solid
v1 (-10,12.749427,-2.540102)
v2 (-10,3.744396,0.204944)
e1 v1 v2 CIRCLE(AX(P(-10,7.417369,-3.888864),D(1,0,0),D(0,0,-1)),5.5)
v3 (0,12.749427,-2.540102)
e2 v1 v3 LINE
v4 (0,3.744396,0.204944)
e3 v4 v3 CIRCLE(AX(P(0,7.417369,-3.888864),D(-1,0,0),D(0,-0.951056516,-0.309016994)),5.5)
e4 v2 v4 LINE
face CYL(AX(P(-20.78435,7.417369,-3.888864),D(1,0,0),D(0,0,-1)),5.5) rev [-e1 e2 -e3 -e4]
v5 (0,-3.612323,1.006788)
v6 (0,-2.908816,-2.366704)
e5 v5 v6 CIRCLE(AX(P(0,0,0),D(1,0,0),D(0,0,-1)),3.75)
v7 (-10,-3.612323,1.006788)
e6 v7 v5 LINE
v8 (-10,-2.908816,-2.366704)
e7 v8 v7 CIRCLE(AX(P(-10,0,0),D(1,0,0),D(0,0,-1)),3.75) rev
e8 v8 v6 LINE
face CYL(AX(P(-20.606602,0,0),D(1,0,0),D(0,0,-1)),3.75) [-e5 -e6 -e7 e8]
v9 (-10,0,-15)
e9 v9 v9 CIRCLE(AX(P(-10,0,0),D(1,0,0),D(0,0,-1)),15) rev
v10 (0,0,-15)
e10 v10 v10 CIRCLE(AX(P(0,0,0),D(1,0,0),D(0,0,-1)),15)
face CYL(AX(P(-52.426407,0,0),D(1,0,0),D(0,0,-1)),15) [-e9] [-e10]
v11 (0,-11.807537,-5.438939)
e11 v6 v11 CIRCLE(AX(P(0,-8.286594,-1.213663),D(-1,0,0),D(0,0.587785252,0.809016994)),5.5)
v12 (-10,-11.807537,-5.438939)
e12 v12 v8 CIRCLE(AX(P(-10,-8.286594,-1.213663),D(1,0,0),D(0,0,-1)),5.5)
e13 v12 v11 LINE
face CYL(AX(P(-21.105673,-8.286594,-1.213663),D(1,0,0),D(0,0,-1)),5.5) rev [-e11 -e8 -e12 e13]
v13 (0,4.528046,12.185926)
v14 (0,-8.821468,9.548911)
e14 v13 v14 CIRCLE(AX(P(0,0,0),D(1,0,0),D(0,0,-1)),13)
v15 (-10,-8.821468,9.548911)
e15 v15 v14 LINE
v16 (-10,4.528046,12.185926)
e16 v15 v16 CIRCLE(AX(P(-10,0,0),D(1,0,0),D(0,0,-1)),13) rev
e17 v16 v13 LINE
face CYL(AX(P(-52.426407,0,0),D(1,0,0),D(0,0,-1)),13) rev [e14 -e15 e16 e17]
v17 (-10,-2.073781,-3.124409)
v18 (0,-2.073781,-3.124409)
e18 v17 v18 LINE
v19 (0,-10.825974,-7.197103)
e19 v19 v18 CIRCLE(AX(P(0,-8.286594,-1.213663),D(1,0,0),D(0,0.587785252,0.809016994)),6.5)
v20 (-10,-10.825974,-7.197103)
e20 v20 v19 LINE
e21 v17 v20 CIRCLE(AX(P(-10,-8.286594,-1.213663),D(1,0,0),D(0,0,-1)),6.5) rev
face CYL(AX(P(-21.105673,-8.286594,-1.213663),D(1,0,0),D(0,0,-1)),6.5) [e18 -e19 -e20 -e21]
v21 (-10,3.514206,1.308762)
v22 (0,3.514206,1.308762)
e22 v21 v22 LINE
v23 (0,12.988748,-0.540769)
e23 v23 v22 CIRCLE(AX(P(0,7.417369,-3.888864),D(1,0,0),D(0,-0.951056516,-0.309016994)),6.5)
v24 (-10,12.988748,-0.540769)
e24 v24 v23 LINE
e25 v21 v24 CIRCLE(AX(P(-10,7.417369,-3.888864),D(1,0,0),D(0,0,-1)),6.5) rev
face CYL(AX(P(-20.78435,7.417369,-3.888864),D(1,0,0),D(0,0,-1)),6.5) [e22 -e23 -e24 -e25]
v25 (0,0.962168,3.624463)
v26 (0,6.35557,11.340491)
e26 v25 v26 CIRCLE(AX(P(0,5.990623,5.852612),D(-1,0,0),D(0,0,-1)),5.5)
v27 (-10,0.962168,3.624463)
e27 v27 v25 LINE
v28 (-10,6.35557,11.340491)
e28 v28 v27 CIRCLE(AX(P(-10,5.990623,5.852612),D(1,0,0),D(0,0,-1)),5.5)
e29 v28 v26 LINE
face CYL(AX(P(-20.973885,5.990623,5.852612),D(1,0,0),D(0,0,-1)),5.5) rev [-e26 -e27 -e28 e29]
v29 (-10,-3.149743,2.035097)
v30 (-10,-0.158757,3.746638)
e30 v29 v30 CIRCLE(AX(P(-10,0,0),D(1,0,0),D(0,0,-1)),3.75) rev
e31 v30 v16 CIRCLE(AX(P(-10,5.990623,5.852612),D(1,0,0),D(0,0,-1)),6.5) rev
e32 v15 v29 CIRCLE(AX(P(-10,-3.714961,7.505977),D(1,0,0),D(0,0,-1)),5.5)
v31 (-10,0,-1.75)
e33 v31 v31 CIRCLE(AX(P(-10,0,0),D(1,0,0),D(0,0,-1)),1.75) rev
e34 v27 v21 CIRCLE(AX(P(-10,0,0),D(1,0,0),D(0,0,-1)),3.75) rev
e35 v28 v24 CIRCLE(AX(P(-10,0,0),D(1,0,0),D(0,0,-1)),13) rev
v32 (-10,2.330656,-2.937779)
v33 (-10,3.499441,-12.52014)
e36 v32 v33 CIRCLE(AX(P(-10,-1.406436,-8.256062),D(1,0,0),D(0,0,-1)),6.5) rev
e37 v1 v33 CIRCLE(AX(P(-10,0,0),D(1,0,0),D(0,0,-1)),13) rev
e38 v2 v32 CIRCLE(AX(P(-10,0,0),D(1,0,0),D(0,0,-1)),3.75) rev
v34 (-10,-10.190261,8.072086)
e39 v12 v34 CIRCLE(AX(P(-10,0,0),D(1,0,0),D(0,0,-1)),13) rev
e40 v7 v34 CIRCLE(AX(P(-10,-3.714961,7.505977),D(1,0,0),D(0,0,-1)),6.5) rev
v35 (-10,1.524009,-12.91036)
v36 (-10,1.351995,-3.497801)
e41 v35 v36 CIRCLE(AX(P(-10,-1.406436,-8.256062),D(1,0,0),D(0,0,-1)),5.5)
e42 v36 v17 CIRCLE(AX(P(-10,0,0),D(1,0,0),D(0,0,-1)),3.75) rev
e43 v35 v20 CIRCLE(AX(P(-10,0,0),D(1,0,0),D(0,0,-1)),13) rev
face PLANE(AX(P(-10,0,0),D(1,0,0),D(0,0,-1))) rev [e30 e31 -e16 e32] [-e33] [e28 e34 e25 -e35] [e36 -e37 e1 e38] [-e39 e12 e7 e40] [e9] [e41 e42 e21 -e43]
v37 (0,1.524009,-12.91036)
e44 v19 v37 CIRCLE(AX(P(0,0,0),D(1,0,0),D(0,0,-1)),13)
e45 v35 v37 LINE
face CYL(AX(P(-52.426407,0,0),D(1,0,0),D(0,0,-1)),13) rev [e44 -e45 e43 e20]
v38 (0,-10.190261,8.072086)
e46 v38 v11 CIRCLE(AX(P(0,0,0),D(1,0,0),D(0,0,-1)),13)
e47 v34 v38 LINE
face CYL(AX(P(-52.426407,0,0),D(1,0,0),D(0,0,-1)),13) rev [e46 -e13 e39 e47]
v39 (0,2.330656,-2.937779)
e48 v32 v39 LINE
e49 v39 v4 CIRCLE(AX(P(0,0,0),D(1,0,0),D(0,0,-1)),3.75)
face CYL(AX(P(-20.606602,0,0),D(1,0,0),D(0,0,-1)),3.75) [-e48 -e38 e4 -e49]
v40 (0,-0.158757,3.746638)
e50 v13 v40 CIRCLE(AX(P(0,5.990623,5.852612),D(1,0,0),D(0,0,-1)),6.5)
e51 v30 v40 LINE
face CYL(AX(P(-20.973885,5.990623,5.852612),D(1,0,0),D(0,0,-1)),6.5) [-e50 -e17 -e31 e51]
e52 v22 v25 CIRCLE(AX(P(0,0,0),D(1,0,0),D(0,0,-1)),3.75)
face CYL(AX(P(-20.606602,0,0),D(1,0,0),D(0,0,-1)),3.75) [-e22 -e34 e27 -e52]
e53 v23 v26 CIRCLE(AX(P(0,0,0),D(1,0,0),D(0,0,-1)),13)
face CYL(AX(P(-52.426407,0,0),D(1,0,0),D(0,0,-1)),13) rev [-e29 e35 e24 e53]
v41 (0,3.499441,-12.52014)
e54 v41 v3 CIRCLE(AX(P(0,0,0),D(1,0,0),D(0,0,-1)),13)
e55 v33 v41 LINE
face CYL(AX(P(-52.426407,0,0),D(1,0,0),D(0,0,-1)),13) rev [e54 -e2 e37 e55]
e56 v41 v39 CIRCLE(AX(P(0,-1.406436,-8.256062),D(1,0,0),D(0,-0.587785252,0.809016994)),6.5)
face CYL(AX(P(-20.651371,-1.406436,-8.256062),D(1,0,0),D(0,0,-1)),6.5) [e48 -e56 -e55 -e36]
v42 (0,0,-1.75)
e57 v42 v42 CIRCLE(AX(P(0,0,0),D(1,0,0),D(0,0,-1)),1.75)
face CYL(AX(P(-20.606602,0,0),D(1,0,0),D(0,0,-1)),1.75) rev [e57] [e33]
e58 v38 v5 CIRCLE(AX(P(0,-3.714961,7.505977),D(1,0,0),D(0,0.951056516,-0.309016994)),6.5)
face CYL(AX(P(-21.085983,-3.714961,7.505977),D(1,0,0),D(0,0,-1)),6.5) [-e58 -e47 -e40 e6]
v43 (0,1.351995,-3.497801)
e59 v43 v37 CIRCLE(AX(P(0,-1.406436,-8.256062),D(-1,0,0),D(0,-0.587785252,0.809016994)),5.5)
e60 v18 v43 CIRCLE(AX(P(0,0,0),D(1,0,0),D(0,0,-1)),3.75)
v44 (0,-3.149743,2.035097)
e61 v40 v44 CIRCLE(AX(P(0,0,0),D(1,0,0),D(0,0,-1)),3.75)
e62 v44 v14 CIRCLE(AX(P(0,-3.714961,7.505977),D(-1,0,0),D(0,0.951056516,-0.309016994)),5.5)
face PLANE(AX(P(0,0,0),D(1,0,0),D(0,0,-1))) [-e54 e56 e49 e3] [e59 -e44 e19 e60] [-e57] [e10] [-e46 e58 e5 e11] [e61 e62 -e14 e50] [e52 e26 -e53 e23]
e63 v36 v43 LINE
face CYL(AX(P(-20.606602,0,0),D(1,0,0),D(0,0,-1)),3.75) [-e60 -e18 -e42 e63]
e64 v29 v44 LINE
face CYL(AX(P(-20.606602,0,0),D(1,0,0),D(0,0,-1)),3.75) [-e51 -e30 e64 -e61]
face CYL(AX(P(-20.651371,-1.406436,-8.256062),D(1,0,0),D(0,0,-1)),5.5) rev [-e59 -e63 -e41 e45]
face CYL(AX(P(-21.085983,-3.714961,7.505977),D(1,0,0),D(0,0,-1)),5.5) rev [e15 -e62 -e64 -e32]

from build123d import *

# Parameters (mm, degrees)
SKETCH1_R           = 3.75
SKETCH1_R_2         = 1.75
BOSS_EXTRUDE1_DEPTH = 10
SKETCH2_R           = 15
SKETCH2_R_2         = 13
BOSS_EXTRUDE2_DEPTH = 10
BOSS_EXTRUDE3_DEPTH = 10
CIRPATTERN1_COUNT   = 5


with BuildPart() as part:
    # Sketch1 → Boss-Extrude1 (new body)
    with BuildSketch(Plane(origin=(0, 0, 0), x_dir=(0, 0, -1), z_dir=(1, 0, 0))):
        Circle(SKETCH1_R)
        Circle(SKETCH1_R_2, mode=Mode.SUBTRACT)
    extrude(amount=-BOSS_EXTRUDE1_DEPTH)



with BuildPart() as body_2:
    # Sketch2 → Boss-Extrude2 (new body)
    with BuildSketch(Plane(origin=(0, 0, 0), x_dir=(0, 0, -1), z_dir=(1, 0, 0))):
        Circle(SKETCH2_R)
        Circle(SKETCH2_R_2, mode=Mode.SUBTRACT)
    extrude(amount=-BOSS_EXTRUDE2_DEPTH)


with BuildPart() as part_1:
    add(part.part)

    add(body_2.part)  # Boss-Extrude3 merges body 2
    # Sketch3 → Boss-Extrude3 (add)
    with BuildSketch(Plane(origin=(0, 0, 0), x_dir=(0, 0, -1), z_dir=(1, 0, 0))):
        with BuildLine():
            ThreePointArc((-12.185926249, 4.528046097), (-9.008421397, 0.308117229), (-3.746637972, -0.158757395))
            ThreePointArc((-3.746637972, -0.158757395), (-3.727921816, 0.406323685), (-3.624463026, 0.962168268))
            ThreePointArc((-3.624463026, 0.962168268), (-9.003588829, 1.482702332), (-11.340490704, 6.355570045))
            ThreePointArc((-11.340490704, 6.355570045), (-11.798645456, 5.458201663), (-12.185926249, 4.528046097))
        make_face()
    boss_extrude3 = extrude(amount=-BOSS_EXTRUDE3_DEPTH)

    # CirPattern1: Boss-Extrude3 ×5 about axis
    cirpattern1_axis = Axis((0, 0, 0), (1, 0, 0))
    for i in range(1, CIRPATTERN1_COUNT):
        add(boss_extrude3.rotate(cirpattern1_axis, i * 360 / CIRPATTERN1_COUNT))


solid = part_1.part
